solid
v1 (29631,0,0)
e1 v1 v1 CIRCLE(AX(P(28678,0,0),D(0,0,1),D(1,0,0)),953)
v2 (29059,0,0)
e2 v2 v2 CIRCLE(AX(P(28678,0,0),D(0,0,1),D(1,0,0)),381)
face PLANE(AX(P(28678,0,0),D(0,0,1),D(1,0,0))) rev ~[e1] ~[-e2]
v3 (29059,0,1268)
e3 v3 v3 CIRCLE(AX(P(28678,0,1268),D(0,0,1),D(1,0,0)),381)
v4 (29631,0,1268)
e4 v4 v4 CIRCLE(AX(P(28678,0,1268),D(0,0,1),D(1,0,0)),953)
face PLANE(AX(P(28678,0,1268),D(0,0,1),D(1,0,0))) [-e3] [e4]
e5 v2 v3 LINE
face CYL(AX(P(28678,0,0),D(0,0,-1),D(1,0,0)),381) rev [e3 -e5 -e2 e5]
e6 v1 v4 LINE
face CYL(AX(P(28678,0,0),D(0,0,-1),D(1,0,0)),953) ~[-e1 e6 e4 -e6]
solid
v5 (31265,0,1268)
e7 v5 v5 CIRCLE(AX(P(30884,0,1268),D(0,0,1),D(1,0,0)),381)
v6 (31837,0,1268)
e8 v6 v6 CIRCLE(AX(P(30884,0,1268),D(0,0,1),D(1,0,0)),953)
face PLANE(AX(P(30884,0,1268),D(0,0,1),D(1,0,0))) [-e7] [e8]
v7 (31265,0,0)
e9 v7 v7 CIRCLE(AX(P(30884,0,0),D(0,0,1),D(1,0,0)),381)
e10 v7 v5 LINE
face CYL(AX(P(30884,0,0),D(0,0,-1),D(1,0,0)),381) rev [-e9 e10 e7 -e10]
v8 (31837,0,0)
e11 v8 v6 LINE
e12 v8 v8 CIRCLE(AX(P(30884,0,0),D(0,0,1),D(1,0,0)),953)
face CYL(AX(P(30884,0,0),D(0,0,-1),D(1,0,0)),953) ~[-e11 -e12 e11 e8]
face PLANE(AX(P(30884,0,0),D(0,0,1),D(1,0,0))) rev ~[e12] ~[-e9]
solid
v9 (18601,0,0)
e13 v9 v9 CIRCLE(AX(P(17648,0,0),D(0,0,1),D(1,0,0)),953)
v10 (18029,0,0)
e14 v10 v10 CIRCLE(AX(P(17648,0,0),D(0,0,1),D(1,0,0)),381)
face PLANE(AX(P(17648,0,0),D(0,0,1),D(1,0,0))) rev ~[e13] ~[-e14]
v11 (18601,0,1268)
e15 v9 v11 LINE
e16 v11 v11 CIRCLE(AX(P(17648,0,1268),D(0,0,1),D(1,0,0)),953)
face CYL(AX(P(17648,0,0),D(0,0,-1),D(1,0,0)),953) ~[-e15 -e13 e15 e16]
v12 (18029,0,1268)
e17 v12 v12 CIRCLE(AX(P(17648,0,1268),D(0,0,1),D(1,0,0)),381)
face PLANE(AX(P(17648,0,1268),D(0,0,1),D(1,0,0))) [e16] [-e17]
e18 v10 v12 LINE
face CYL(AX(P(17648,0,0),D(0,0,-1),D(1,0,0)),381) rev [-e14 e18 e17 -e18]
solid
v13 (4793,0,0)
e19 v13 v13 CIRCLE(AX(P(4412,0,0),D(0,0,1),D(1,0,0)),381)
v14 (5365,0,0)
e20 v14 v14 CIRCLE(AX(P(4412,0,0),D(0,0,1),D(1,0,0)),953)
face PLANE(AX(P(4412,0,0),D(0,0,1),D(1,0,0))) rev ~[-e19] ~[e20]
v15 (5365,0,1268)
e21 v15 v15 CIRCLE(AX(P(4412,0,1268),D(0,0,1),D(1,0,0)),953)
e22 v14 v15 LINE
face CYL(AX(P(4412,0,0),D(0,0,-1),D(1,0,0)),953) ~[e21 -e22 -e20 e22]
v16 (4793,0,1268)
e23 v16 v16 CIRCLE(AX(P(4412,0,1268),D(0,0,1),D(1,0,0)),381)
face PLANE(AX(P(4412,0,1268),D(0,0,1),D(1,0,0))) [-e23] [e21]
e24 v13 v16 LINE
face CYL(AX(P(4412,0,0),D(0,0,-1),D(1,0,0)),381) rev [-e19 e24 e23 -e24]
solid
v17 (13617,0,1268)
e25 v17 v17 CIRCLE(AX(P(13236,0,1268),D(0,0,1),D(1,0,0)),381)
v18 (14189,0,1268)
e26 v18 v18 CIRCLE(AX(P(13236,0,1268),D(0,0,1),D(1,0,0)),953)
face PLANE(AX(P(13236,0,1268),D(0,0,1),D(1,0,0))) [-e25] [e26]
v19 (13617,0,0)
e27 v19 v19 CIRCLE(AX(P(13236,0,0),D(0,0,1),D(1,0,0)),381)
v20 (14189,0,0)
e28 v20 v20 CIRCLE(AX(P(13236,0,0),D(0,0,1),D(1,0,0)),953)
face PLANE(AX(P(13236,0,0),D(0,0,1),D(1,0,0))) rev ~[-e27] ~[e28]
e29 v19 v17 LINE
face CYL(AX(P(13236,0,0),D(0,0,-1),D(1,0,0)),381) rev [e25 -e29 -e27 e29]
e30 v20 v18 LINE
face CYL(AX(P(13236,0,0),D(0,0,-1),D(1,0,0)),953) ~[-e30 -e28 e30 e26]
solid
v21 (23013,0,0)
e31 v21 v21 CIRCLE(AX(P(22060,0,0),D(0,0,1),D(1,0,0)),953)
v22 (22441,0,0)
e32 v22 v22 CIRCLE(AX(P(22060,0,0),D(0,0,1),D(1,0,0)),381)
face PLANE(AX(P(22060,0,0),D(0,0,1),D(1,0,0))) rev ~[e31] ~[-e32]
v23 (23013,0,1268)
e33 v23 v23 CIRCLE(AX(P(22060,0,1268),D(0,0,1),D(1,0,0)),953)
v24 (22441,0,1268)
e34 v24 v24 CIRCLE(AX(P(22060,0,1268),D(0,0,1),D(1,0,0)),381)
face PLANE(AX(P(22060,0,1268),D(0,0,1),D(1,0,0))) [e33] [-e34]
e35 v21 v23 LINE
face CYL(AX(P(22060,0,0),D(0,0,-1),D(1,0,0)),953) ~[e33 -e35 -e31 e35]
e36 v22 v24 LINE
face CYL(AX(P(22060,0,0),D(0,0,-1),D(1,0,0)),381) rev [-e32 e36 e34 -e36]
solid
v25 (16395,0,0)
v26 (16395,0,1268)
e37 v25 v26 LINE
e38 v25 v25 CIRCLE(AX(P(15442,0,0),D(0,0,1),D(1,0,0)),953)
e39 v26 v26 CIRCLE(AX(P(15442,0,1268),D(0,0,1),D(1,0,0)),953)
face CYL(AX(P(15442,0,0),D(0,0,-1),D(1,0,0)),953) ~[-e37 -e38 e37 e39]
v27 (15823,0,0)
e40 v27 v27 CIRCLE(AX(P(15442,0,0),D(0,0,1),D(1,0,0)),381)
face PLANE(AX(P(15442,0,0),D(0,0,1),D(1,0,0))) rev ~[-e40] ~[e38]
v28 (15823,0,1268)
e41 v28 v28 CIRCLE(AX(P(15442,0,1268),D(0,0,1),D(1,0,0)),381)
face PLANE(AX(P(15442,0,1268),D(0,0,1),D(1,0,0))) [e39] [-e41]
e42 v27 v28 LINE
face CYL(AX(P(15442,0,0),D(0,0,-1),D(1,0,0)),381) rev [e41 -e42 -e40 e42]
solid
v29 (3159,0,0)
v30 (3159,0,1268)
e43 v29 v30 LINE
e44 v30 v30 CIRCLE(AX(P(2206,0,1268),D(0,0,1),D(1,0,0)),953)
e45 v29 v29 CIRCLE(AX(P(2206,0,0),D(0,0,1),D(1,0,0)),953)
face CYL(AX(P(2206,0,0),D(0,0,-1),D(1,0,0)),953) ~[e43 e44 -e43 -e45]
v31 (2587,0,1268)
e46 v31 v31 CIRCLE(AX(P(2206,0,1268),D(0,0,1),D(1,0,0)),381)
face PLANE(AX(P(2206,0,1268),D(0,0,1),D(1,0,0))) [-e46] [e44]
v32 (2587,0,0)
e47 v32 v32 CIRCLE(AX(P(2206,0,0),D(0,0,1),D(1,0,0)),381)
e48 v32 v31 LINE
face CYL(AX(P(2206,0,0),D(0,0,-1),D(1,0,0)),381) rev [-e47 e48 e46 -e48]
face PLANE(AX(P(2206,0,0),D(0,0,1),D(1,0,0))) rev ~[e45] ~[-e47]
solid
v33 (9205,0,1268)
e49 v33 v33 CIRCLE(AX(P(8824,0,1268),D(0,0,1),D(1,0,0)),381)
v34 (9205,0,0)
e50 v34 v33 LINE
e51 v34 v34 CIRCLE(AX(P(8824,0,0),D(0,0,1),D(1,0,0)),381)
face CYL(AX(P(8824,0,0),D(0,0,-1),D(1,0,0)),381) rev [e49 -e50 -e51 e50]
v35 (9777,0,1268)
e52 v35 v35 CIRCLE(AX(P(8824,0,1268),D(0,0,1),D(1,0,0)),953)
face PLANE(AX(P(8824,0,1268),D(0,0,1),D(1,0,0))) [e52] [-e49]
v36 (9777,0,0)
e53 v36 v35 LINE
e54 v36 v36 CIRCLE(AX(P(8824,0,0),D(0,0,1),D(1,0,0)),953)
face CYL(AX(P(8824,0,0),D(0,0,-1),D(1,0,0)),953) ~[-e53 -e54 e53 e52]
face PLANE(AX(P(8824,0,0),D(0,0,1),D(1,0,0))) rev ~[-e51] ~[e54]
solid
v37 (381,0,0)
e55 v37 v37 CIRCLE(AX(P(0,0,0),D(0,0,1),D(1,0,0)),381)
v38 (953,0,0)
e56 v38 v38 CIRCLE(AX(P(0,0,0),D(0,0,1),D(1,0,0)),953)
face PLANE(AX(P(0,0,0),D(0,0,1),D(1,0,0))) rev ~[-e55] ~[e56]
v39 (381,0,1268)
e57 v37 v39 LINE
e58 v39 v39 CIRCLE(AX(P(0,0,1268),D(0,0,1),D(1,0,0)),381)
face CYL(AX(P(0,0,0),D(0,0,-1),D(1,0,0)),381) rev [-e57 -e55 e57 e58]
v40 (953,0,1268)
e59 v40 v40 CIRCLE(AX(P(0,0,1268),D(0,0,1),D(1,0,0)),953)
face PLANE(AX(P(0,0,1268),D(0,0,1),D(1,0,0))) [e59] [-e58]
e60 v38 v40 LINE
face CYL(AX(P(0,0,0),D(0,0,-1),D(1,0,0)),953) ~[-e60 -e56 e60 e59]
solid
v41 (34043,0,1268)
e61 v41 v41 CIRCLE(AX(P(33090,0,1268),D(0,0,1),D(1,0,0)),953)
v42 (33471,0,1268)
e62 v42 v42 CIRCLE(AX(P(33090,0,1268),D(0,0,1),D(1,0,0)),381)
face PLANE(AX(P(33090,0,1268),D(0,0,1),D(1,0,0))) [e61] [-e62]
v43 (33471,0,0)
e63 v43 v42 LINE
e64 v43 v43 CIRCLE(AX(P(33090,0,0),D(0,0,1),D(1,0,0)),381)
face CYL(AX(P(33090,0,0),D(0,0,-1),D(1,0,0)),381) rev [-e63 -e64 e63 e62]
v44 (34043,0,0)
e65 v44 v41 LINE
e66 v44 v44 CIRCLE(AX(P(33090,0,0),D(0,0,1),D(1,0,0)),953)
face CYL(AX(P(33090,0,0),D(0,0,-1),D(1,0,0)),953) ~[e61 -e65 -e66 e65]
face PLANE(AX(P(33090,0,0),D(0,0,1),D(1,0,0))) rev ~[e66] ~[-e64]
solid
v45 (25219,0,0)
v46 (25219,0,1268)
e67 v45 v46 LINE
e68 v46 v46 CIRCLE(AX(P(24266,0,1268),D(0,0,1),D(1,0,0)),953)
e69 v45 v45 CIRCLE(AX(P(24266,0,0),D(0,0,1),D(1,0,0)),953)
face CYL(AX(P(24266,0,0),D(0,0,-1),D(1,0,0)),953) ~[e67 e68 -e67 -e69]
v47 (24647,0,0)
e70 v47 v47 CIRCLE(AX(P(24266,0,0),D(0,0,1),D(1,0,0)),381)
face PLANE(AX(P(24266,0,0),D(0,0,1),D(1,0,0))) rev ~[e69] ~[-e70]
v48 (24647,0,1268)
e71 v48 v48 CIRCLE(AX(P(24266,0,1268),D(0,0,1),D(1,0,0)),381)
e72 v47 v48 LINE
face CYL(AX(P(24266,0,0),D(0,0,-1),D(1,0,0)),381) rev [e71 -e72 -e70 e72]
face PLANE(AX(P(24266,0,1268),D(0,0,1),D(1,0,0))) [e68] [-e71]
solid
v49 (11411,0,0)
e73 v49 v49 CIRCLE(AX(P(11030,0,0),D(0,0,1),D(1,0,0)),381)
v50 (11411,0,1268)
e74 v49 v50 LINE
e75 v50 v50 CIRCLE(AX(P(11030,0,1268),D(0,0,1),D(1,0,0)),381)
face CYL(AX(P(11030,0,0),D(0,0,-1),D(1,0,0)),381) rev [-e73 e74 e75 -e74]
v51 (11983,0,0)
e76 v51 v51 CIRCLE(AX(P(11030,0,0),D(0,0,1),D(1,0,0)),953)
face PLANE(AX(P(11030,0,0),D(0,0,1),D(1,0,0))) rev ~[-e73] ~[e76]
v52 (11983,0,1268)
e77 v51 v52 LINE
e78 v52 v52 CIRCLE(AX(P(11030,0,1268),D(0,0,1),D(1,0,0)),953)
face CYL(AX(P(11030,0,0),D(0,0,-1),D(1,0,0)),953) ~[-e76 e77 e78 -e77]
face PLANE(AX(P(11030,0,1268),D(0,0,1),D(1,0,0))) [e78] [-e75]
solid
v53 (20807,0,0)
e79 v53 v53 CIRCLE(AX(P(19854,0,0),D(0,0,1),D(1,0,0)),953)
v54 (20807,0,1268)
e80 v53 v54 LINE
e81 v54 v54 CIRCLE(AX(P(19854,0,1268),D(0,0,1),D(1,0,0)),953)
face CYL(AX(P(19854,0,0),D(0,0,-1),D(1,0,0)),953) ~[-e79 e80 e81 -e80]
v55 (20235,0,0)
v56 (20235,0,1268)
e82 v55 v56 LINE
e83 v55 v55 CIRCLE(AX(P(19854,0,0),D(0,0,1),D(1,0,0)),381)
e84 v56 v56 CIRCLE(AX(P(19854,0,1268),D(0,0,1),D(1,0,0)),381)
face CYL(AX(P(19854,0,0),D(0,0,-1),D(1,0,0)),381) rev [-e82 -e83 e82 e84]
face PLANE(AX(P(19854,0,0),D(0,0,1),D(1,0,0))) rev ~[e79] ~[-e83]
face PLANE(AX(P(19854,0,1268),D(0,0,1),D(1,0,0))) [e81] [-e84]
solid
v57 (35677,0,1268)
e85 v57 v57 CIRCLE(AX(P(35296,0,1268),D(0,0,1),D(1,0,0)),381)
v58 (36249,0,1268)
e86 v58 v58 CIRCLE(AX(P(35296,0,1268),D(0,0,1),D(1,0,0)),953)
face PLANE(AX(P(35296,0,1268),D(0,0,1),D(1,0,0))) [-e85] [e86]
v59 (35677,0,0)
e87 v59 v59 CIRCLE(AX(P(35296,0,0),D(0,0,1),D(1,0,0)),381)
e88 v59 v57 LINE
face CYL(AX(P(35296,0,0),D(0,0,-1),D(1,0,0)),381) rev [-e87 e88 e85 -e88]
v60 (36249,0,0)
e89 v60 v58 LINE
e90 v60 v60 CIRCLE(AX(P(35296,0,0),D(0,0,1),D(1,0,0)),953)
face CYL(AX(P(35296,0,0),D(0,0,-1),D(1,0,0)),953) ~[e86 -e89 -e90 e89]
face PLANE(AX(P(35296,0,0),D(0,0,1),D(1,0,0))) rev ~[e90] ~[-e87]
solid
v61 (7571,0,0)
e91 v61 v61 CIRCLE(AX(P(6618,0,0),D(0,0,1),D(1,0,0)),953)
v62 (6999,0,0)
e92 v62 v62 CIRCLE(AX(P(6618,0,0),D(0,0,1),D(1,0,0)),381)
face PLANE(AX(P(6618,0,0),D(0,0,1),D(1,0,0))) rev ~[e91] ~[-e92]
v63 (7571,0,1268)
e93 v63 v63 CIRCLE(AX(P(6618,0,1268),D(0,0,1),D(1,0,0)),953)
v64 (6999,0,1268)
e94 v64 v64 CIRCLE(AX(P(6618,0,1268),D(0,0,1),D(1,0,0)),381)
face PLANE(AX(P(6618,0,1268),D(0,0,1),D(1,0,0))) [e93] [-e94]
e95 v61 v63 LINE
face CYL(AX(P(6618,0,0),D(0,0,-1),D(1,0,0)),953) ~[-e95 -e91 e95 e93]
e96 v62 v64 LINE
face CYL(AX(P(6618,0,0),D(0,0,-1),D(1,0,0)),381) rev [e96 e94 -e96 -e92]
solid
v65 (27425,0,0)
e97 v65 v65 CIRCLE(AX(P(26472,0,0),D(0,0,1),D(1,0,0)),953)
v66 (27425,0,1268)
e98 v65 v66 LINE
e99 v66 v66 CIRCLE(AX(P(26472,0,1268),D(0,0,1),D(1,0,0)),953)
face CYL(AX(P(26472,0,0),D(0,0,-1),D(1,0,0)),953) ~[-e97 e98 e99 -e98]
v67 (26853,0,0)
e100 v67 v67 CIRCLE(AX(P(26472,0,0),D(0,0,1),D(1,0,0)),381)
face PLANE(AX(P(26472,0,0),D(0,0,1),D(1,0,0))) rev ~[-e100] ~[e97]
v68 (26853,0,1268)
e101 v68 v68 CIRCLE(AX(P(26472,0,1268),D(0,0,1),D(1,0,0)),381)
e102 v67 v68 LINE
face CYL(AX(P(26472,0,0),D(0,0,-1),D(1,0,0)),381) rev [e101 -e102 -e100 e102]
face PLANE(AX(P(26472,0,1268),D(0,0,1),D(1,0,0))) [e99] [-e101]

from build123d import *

# Parameters (mm, degrees)
SZKIC1_R                       = 953
SZKIC1_R_2                     = 381
DODANIE_WYCI_GNI_CIE1_DEPTH    = 1268
DODANIE_WYCI_GNI_CIE1_2_DEPTH  = 1268
DODANIE_WYCI_GNI_CIE1_3_DEPTH  = 1268
DODANIE_WYCI_GNI_CIE1_4_DEPTH  = 1268
DODANIE_WYCI_GNI_CIE1_5_DEPTH  = 1268
DODANIE_WYCI_GNI_CIE1_6_DEPTH  = 1268
DODANIE_WYCI_GNI_CIE1_7_DEPTH  = 1268
DODANIE_WYCI_GNI_CIE1_8_DEPTH  = 1268
DODANIE_WYCI_GNI_CIE1_9_DEPTH  = 1268
DODANIE_WYCI_GNI_CIE1_10_DEPTH = 1268
DODANIE_WYCI_GNI_CIE1_11_DEPTH = 1268
DODANIE_WYCI_GNI_CIE1_12_DEPTH = 1268
DODANIE_WYCI_GNI_CIE1_13_DEPTH = 1268
DODANIE_WYCI_GNI_CIE1_14_DEPTH = 1268
DODANIE_WYCI_GNI_CIE1_15_DEPTH = 1268
DODANIE_WYCI_GNI_CIE1_16_DEPTH = 1268
DODANIE_WYCI_GNI_CIE1_17_DEPTH = 1268


with BuildPart() as part:
    # Szkic1 → Dodanie-wyciągnięcie1 (new body)
    with BuildSketch(Plane.XY):
        Circle(SZKIC1_R)
        Circle(SZKIC1_R_2, mode=Mode.SUBTRACT)
    extrude(amount=DODANIE_WYCI_GNI_CIE1_DEPTH)


with BuildPart() as body_2:
    # Szkic1 → Dodanie-wyci_gni_cie1 2 (new body)
    with BuildSketch(Plane.XY):
        with Locations((2206, 0)):
            Circle(SZKIC1_R)
        with Locations((2206, 0)):
            Circle(SZKIC1_R_2, mode=Mode.SUBTRACT)
    extrude(amount=DODANIE_WYCI_GNI_CIE1_2_DEPTH)


with BuildPart() as body_3:
    # Szkic1 → Dodanie-wyci_gni_cie1 3 (new body)
    with BuildSketch(Plane.XY):
        with Locations((4412, 0)):
            Circle(SZKIC1_R)
        with Locations((4412, 0)):
            Circle(SZKIC1_R_2, mode=Mode.SUBTRACT)
    extrude(amount=DODANIE_WYCI_GNI_CIE1_3_DEPTH)


with BuildPart() as body_4:
    # Szkic1 → Dodanie-wyci_gni_cie1 4 (new body)
    with BuildSketch(Plane.XY):
        with Locations((6618, 0)):
            Circle(SZKIC1_R)
        with Locations((6618, 0)):
            Circle(SZKIC1_R_2, mode=Mode.SUBTRACT)
    extrude(amount=DODANIE_WYCI_GNI_CIE1_4_DEPTH)


with BuildPart() as body_5:
    # Szkic1 → Dodanie-wyci_gni_cie1 5 (new body)
    with BuildSketch(Plane.XY):
        with Locations((8824, 0)):
            Circle(SZKIC1_R)
        with Locations((8824, 0)):
            Circle(SZKIC1_R_2, mode=Mode.SUBTRACT)
    extrude(amount=DODANIE_WYCI_GNI_CIE1_5_DEPTH)


with BuildPart() as body_6:
    # Szkic1 → Dodanie-wyci_gni_cie1 6 (new body)
    with BuildSketch(Plane.XY):
        with Locations((11030, 0)):
            Circle(SZKIC1_R)
        with Locations((11030, 0)):
            Circle(SZKIC1_R_2, mode=Mode.SUBTRACT)
    extrude(amount=DODANIE_WYCI_GNI_CIE1_6_DEPTH)


with BuildPart() as body_7:
    # Szkic1 → Dodanie-wyci_gni_cie1 7 (new body)
    with BuildSketch(Plane.XY):
        with Locations((13236, 0)):
            Circle(SZKIC1_R)
        with Locations((13236, 0)):
            Circle(SZKIC1_R_2, mode=Mode.SUBTRACT)
    extrude(amount=DODANIE_WYCI_GNI_CIE1_7_DEPTH)


with BuildPart() as body_8:
    # Szkic1 → Dodanie-wyci_gni_cie1 8 (new body)
    with BuildSketch(Plane.XY):
        with Locations((15442, 0)):
            Circle(SZKIC1_R)
        with Locations((15442, 0)):
            Circle(SZKIC1_R_2, mode=Mode.SUBTRACT)
    extrude(amount=DODANIE_WYCI_GNI_CIE1_8_DEPTH)


with BuildPart() as body_9:
    # Szkic1 → Dodanie-wyci_gni_cie1 9 (new body)
    with BuildSketch(Plane.XY):
        with Locations((17648, 0)):
            Circle(SZKIC1_R)
        with Locations((17648, 0)):
            Circle(SZKIC1_R_2, mode=Mode.SUBTRACT)
    extrude(amount=DODANIE_WYCI_GNI_CIE1_9_DEPTH)


with BuildPart() as body_10:
    # Szkic1 → Dodanie-wyci_gni_cie1 10 (new body)
    with BuildSketch(Plane.XY):
        with Locations((19854, 0)):
            Circle(SZKIC1_R)
        with Locations((19854, 0)):
            Circle(SZKIC1_R_2, mode=Mode.SUBTRACT)
    extrude(amount=DODANIE_WYCI_GNI_CIE1_10_DEPTH)


with BuildPart() as body_11:
    # Szkic1 → Dodanie-wyci_gni_cie1 11 (new body)
    with BuildSketch(Plane.XY):
        with Locations((22060, 0)):
            Circle(SZKIC1_R)
        with Locations((22060, 0)):
            Circle(SZKIC1_R_2, mode=Mode.SUBTRACT)
    extrude(amount=DODANIE_WYCI_GNI_CIE1_11_DEPTH)


with BuildPart() as body_12:
    # Szkic1 → Dodanie-wyci_gni_cie1 12 (new body)
    with BuildSketch(Plane.XY):
        with Locations((24266, 0)):
            Circle(SZKIC1_R)
        with Locations((24266, 0)):
            Circle(SZKIC1_R_2, mode=Mode.SUBTRACT)
    extrude(amount=DODANIE_WYCI_GNI_CIE1_12_DEPTH)


with BuildPart() as body_13:
    # Szkic1 → Dodanie-wyci_gni_cie1 13 (new body)
    with BuildSketch(Plane.XY):
        with Locations((26472, 0)):
            Circle(SZKIC1_R)
        with Locations((26472, 0)):
            Circle(SZKIC1_R_2, mode=Mode.SUBTRACT)
    extrude(amount=DODANIE_WYCI_GNI_CIE1_13_DEPTH)


with BuildPart() as body_14:
    # Szkic1 → Dodanie-wyci_gni_cie1 14 (new body)
    with BuildSketch(Plane.XY):
        with Locations((28678, 0)):
            Circle(SZKIC1_R)
        with Locations((28678, 0)):
            Circle(SZKIC1_R_2, mode=Mode.SUBTRACT)
    extrude(amount=DODANIE_WYCI_GNI_CIE1_14_DEPTH)


with BuildPart() as body_15:
    # Szkic1 → Dodanie-wyci_gni_cie1 15 (new body)
    with BuildSketch(Plane.XY):
        with Locations((30884, 0)):
            Circle(SZKIC1_R)
        with Locations((30884, 0)):
            Circle(SZKIC1_R_2, mode=Mode.SUBTRACT)
    extrude(amount=DODANIE_WYCI_GNI_CIE1_15_DEPTH)


with BuildPart() as body_16:
    # Szkic1 → Dodanie-wyci_gni_cie1 16 (new body)
    with BuildSketch(Plane.XY):
        with Locations((33090, 0)):
            Circle(SZKIC1_R)
        with Locations((33090, 0)):
            Circle(SZKIC1_R_2, mode=Mode.SUBTRACT)
    extrude(amount=DODANIE_WYCI_GNI_CIE1_16_DEPTH)


with BuildPart() as body_17:
    # Szkic1 → Dodanie-wyci_gni_cie1 17 (new body)
    with BuildSketch(Plane.XY):
        with Locations((35296, 0)):
            Circle(SZKIC1_R)
        with Locations((35296, 0)):
            Circle(SZKIC1_R_2, mode=Mode.SUBTRACT)
    extrude(amount=DODANIE_WYCI_GNI_CIE1_17_DEPTH)


solid = Compound([part.part, body_2.part, body_3.part, body_4.part, body_5.part, body_6.part, body_7.part, body_8.part, body_9.part, body_10.part, body_11.part, body_12.part, body_13.part, body_14.part, body_15.part, body_16.part, body_17.part])
